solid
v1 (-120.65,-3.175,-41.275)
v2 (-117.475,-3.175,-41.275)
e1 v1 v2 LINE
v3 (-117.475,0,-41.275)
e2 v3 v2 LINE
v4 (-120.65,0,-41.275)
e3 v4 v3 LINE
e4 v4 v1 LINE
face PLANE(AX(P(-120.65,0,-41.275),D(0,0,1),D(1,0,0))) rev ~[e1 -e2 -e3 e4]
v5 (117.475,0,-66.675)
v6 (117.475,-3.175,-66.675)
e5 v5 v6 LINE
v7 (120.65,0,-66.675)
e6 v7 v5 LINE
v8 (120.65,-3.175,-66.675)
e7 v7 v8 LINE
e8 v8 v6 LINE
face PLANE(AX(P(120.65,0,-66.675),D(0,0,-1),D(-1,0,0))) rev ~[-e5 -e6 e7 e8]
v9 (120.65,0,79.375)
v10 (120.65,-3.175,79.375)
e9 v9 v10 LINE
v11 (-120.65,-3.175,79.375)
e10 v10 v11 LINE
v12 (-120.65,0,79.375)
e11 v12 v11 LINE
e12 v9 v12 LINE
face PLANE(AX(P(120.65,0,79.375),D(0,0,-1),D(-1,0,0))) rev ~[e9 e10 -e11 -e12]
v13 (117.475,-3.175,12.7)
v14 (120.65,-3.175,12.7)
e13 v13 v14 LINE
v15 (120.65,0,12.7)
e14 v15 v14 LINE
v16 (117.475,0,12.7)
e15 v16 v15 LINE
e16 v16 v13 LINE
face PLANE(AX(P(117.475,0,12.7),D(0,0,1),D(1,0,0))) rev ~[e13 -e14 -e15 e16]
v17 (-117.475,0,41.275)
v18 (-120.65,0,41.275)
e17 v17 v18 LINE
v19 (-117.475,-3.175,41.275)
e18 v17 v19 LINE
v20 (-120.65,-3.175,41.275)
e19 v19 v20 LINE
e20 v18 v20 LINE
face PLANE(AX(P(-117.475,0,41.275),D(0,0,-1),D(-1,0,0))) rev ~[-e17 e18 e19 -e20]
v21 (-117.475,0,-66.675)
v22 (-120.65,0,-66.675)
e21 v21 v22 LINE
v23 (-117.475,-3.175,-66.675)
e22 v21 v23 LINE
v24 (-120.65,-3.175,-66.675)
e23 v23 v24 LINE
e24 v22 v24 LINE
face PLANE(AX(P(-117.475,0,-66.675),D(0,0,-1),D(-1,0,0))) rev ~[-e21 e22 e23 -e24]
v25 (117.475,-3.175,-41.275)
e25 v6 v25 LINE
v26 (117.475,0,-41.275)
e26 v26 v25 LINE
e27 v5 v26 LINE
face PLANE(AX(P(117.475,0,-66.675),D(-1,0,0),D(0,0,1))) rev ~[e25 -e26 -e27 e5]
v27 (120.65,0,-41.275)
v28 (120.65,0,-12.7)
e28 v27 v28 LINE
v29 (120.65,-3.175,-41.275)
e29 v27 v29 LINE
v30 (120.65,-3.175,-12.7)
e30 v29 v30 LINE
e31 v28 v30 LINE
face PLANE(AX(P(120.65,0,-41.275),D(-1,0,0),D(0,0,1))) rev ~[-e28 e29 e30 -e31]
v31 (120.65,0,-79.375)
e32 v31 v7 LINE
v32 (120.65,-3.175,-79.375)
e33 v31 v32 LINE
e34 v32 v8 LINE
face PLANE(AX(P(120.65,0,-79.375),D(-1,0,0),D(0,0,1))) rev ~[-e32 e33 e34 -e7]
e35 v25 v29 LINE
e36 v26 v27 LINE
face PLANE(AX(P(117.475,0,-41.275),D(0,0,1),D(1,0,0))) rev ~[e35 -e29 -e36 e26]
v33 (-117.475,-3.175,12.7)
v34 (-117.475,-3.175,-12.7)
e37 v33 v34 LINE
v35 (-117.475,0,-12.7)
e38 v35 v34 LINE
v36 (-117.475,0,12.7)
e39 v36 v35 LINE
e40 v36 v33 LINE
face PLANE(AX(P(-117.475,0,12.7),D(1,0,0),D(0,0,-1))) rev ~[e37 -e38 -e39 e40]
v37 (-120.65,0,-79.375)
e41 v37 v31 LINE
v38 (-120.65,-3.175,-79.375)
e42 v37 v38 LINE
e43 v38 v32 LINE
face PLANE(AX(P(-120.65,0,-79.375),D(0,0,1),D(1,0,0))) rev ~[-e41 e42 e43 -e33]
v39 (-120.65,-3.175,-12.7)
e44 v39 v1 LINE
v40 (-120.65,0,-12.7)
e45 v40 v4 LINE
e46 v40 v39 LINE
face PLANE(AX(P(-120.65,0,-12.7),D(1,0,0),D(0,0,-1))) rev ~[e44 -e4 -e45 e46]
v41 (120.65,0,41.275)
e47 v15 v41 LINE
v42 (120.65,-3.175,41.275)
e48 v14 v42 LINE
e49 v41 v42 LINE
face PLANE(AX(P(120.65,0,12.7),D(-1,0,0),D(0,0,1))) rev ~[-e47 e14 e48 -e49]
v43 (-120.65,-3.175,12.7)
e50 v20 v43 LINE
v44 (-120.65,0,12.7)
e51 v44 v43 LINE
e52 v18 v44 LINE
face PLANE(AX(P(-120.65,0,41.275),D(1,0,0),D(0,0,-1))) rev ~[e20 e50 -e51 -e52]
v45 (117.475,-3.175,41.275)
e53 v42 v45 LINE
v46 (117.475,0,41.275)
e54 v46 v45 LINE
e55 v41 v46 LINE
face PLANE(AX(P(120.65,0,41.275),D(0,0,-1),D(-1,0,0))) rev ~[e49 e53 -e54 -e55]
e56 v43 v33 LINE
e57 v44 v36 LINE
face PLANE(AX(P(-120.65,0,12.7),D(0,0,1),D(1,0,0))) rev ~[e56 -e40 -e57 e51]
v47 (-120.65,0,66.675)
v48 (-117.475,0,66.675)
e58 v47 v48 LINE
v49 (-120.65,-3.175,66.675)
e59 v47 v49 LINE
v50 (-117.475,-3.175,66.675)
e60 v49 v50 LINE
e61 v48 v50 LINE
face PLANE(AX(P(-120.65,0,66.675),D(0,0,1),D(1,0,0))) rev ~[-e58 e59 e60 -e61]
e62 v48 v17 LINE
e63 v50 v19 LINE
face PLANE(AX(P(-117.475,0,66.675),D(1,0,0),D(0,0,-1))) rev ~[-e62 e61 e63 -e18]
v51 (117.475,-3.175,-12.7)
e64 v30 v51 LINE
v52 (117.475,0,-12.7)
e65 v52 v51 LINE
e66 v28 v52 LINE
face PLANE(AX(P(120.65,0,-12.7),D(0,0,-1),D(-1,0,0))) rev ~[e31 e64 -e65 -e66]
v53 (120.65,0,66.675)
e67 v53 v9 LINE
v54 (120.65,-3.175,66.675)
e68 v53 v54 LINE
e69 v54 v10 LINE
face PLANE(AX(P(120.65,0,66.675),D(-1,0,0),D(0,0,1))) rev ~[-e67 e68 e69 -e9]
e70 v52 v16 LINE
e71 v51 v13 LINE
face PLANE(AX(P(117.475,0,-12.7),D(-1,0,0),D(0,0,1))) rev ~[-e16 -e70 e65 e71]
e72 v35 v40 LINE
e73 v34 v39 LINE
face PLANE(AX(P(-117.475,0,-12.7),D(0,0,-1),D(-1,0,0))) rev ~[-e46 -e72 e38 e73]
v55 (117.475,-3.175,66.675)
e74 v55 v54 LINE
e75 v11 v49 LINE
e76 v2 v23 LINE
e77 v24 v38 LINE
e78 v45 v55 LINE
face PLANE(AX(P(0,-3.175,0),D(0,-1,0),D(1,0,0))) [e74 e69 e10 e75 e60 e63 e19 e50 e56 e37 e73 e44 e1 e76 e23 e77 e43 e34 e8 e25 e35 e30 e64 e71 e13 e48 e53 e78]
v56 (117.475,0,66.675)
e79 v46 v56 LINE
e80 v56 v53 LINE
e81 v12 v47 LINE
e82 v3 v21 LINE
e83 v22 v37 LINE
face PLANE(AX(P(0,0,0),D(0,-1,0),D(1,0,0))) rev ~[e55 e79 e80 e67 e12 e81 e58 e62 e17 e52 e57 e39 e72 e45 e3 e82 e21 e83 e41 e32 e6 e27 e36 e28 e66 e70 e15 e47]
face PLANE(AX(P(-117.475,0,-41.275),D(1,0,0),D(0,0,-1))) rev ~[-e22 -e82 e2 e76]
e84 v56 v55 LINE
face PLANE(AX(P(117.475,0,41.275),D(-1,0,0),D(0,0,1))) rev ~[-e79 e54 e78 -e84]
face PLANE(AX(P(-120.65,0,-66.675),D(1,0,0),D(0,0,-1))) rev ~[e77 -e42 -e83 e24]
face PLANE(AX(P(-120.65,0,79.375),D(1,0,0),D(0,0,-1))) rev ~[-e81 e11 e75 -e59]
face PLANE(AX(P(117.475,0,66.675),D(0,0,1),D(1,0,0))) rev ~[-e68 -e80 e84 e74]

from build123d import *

# Parameters (mm, degrees)
F1_DEPTH = 3.175


with BuildPart() as f1:
    # F0 (on Front) → F1 (new body)
    with BuildSketch(Plane.XZ):
        Polygon((-120.65, -79.375), (120.65, -79.375), (120.65, -66.675), (117.475, -66.675), (117.475, -41.275), (120.65, -41.275), (120.65, -12.7), (117.475, -12.7), (117.475, 0), (117.475, 12.7), (120.65, 12.7), (120.65, 41.275), (117.475, 41.275), (117.475, 66.675), (120.65, 66.675), (120.65, 79.375), (-120.65, 79.375), (-120.65, 66.675), (-117.475, 66.675), (-117.475, 41.275), (-120.65, 41.275), (-120.65, 12.7), (-117.475, 12.7), (-117.475, 0), (-117.475, -12.7), (-120.65, -12.7), (-120.65, -41.275), (-117.475, -41.275), (-117.475, -66.675), (-120.65, -66.675), align=None)
    extrude(amount=F1_DEPTH)


solid = f1.part
